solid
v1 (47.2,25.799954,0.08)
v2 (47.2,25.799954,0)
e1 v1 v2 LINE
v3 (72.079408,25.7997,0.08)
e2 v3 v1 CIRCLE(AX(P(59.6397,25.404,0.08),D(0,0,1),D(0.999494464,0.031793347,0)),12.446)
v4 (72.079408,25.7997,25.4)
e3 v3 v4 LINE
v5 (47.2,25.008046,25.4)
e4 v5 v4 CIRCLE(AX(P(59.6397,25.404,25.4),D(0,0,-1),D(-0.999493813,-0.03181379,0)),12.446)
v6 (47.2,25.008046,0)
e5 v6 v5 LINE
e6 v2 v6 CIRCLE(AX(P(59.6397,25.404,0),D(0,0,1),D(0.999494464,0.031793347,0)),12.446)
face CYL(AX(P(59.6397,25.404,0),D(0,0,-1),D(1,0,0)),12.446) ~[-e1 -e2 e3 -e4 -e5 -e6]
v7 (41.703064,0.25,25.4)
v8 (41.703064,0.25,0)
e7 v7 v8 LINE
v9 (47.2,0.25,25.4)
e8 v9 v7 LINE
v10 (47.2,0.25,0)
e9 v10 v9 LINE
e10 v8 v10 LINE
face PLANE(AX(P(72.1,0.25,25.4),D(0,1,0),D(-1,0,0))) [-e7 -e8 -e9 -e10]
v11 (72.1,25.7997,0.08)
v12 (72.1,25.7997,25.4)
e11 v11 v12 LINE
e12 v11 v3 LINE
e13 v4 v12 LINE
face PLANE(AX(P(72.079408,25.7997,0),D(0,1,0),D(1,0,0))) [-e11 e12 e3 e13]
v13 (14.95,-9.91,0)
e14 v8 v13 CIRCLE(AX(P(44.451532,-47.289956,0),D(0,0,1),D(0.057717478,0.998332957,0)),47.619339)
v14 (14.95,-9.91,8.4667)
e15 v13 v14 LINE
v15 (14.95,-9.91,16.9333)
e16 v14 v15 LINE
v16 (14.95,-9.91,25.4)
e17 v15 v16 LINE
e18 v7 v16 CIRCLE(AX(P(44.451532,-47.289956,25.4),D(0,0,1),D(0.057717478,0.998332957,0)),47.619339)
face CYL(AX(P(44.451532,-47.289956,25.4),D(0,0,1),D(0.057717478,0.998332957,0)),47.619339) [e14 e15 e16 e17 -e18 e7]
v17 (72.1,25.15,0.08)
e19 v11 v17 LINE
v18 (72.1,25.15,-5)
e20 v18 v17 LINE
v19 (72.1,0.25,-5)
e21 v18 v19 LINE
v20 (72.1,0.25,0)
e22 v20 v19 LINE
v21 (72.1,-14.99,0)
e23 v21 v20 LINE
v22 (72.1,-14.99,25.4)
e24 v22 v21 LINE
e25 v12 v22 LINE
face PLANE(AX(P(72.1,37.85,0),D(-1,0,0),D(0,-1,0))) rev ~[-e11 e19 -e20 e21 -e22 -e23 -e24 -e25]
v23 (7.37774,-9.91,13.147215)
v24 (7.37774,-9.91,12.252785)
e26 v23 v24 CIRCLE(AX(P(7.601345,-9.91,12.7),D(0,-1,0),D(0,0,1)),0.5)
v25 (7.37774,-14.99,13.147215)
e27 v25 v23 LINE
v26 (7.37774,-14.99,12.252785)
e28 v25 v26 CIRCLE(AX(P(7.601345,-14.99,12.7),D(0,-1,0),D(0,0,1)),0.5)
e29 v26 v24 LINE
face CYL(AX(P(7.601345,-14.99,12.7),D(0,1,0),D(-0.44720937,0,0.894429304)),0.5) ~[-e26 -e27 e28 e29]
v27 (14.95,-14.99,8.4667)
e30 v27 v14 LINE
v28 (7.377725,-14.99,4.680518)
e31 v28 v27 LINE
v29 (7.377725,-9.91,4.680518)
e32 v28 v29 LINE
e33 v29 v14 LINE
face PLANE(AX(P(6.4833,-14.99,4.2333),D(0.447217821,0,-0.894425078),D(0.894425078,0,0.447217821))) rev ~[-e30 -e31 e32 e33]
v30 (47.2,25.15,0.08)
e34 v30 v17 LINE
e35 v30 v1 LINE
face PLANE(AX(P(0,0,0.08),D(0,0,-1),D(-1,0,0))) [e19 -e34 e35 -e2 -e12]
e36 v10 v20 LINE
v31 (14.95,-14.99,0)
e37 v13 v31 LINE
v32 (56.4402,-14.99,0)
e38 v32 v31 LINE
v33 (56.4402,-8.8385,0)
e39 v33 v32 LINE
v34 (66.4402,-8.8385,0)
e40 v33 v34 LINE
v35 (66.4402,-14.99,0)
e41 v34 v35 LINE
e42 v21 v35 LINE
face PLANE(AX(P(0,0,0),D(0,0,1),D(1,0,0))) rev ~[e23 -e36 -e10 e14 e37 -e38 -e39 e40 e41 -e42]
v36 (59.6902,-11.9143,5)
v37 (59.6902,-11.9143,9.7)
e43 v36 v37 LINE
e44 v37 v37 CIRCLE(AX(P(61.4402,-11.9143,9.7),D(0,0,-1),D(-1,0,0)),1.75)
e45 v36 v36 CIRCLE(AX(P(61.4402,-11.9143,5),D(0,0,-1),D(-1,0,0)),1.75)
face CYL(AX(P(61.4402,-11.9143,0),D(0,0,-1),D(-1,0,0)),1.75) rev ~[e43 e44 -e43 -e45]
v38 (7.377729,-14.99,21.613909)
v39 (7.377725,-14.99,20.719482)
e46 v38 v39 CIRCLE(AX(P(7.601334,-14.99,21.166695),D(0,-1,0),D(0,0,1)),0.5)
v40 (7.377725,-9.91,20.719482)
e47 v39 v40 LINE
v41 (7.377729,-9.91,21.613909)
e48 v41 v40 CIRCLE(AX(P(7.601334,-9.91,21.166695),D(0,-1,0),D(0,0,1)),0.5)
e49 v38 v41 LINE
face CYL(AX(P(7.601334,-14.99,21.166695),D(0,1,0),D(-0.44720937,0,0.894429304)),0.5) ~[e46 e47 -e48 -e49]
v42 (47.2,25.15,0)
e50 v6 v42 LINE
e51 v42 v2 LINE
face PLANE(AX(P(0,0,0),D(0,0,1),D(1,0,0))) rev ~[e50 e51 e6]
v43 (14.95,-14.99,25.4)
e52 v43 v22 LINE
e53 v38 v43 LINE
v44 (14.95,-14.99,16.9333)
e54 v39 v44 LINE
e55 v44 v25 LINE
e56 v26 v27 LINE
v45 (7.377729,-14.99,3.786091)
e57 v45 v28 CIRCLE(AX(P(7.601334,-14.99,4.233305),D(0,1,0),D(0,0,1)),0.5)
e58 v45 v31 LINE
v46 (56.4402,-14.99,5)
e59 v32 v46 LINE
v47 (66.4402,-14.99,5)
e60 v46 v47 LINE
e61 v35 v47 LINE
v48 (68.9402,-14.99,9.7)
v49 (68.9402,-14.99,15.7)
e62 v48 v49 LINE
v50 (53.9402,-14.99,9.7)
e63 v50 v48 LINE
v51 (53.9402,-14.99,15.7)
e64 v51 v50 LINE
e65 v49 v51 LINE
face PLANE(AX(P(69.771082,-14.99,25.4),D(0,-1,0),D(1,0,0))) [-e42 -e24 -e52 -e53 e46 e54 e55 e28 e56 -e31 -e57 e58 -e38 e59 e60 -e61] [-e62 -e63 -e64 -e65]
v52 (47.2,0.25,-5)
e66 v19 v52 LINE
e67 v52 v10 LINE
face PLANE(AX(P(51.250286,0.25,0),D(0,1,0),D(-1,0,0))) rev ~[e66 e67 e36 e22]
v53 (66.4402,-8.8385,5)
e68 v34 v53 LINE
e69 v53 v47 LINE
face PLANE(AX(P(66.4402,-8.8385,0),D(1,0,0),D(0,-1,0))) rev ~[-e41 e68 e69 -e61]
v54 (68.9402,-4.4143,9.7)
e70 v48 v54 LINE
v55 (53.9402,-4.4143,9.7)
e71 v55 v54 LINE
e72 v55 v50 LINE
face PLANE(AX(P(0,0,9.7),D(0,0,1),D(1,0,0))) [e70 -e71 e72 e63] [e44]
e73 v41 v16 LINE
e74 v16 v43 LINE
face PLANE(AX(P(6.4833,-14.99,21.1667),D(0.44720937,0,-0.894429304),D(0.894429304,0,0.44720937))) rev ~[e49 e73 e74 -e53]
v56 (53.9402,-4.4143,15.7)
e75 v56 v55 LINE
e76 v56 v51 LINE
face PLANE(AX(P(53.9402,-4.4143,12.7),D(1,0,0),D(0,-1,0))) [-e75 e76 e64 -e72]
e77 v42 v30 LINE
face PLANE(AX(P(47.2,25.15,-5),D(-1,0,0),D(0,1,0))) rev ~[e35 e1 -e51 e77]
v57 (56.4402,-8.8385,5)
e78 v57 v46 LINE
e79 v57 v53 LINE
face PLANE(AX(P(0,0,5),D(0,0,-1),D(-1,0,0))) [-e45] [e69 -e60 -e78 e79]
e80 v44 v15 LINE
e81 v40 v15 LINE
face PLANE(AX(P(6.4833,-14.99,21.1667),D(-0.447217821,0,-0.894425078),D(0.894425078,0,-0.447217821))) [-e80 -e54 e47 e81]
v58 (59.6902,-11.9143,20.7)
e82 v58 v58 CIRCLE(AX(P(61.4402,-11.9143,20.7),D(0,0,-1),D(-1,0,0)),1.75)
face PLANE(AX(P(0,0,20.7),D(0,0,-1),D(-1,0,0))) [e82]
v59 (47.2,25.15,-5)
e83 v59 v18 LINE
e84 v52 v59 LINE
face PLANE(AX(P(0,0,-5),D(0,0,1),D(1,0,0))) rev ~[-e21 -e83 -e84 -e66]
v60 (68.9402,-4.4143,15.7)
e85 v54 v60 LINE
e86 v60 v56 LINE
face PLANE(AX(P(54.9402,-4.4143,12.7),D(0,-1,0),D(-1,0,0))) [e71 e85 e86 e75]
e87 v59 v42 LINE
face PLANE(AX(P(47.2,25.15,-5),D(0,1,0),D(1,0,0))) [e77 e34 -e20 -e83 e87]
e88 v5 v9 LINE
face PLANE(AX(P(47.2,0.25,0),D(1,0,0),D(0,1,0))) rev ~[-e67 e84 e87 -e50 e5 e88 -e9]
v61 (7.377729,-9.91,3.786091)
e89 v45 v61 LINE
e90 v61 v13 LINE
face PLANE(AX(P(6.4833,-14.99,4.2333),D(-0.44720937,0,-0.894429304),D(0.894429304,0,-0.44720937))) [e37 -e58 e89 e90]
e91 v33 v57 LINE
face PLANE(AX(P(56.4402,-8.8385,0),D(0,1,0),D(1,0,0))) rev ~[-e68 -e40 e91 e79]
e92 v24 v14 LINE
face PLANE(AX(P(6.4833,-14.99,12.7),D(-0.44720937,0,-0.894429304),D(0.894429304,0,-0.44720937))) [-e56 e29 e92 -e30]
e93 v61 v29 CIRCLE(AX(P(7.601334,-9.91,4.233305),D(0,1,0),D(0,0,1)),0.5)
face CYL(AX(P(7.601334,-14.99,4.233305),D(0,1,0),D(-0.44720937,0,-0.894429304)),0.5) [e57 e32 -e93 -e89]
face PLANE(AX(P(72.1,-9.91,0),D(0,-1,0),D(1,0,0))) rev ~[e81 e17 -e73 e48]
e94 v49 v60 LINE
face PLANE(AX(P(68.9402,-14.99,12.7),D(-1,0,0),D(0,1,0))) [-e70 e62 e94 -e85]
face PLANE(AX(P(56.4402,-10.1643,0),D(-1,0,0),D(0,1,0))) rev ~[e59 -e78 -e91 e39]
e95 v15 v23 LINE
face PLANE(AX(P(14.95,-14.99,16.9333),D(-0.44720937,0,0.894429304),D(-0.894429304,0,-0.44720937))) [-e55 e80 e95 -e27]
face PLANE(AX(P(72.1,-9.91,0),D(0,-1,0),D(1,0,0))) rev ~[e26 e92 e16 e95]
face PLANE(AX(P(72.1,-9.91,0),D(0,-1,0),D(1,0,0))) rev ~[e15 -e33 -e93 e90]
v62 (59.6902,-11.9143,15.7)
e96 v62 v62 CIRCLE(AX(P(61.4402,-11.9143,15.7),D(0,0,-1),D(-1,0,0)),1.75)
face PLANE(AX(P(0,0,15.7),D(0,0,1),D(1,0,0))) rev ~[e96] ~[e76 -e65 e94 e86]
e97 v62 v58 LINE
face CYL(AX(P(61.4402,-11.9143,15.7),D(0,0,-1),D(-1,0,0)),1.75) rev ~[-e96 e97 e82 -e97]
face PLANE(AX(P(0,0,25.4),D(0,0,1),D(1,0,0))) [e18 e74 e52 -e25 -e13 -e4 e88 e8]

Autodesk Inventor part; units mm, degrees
ref_plane "YZ Plane" through (0, 0, 0) normal (1, 0, 0) x (0, 1, 0)
ref_plane "XZ Plane" through (0, 0, 0) normal (0, 1, 0) x (-1, 0, 0)
sketch "Sketch1" plane through (0, 0, 0) normal (0, 0, 1) x (1, 0, 0)
  line L0 (46.95, 0) -> (46.95, 38.1) projected
  line L1 (46.95, 38.1) -> (59.65, 38.1) projected
  line L2 (59.65, 38.1) -> (72.35, 38.1) projected
  line L3 (72.35, 38.1) -> (72.35, 0) projected
  circle A0 centre (61.35, -6.35) radius 12.065 projected
  line L4 (46.95, 38.1) -> (47.2, 38.1)
  line L5 (47.2, 38.1) -> (47.2, 37.85)
  line L6 (72.35, 0) -> (72.1, 0)
  line L7 (72.1, 0) -> (72.1, 0.25)
  line L8 (72.1, 0.25) -> (47.2, 0.25)
  line L9 (47.2, 0.25) -> (47.2, 37.85)
  line L10 (47.2, 37.85) -> (72.1, 37.85)
  line L11 (72.1, 37.85) -> (72.1, 0.25)
  point P0 (0, 0)
  dimension "d0" = 0.25
  dimension "d1" = 0.25
  dimension "d2" = 0.25
  dimension "d3" = 0.25
extrude "Extrusion1" add sketch "Sketch1" against normal blind 5 contours L10 L11 L8 A0 L9 | A0 L8 picked at (62.9802, 2.7077)
sketch "Sketch2" plane through (0, 0, 0) normal (0, 0, 1) x (1, 0, 0)
  line L0 (47.2, 37.85) -> (72.1, 37.85) projected
  line L1 (47.2, 37.85) -> (47.2, 12.958)
  line L2 (72.1, 37.85) -> (72.1, 0.25) projected
  circle A0 centre (59.6397, 25.404) radius 12.446
  line L3 (47.2, 0.25) -> (47.2, 37.85) projected
  line L4 (47.2, 25.7997) -> (72.1, 25.7997)
  line L5 (72.1, 25.7997) -> (72.1, 0.25)
  line L6 (72.1, 0.25) -> (47.2, 0.25)
  line L7 (47.2, 0.25) -> (47.2, 25.7997)
  point P0 (0, 0)
  dimension "d6" = 24.892
extrude "Extrusion2" add sketch "Sketch2" along normal blind 25.4 contours A0 L4 | L4 A0 L1 | L1 A0 | L4 L2 L6 L3 L1 A0
sketch "Sketch3" plane through (0, 0, 25.4) normal (0, 0, 1) x (1, 0, 0)
  circle A0 centre (61.35, -6.35) radius 12.065 projected
  circle A1 centre (61.35, -6.35) radius 6.35 projected
  line L0 (72.1, 37.85) -> (72.1, 0.25) projected
  line L1 (72.1, 0.25) -> (14.95, 0.25)
  line L2 (14.95, 0.25) -> (14.95, -14.99)
  line L3 (14.95, -14.99) -> (72.1, -14.99)
  line L4 (72.1, -14.99) -> (72.1, 0.25)
  line L5 (14.95, 0.25) -> (72.1, 0.25)
  line L6 (72.1, 0.25) -> (72.1, 10.41)
  point P0 (0, 0)
  dimension "d9" = 15.24
  dimension "d10" = 57.15
extrude "Extrusion3" add sketch "Sketch3" against normal blind 25.4 contours L4 A0 L3 L1 | A0 L1 L4 | L4 L3 A0 | A0 L3 L2 L1 | A1
sketch "Sketch5" plane through (72.1, -14.99, 0) normal (0, -1, 0) x (1, 0, 0)
  line L0 (-57.15, 25.4) -> (-57.15, 0) projected
  line L1 (-65.6167, 4.2333) -> (-57.15, 0)
  line L2 (-65.6167, 4.2333) -> (-57.15, 8.4667)
  line L3 (-65.6167, 21.1667) -> (-57.15, 25.4)
  line L4 (-65.6167, 21.1667) -> (-57.15, 16.9333)
  line L5 (-57.15, 16.9333) -> (-65.6167, 12.7)
  line L6 (-65.6167, 12.7) -> (-57.15, 8.4667)
  line L7 (0, 25.4) -> (0, 0) projected
  line L8 (-57.15, 25.4) -> (0, 25.4)
  line L9 (0, 25.4) -> (0, 0)
  line L10 (0, 0) -> (-57.15, 0)
  line L11 (0, 0) -> (-57.15, 0) projected
  line L12 (-57.15, 0) -> (-65.6167, 4.2333)
  line L13 (-65.6167, 4.2333) -> (-57.15, 8.4667)
  line L14 (-57.15, 8.4667) -> (-65.6167, 12.7)
  line L15 (-65.6167, 12.7) -> (-57.15, 16.9333)
  line L16 (-57.15, 16.9333) -> (-65.6167, 21.1667)
  line L17 (-65.6167, 21.1667) -> (-57.15, 25.4)
  point P0 (-72.1, 0)
  dimension "d16" = 8.4667
extrude "Extrusion5" add sketch "Sketch5" against normal blind 5.08
sketch "Sketch6" plane through (0, 0, 25.4) normal (0, 0, 1) x (1, 0, 0)
  line L0 (14.95, 0.25) -> (14.95, -9.91) projected
  line L1 (14.95, -9.91) -> (14.95, 0.25)
  line L2 (14.95, 0.25) -> (47.2, 0.25)
  arc A0 (47.2, 0.25) -> (14.95, -9.91) centre (44.4515, -47.2897) ccw
  point P0 (0, 0)
  point P1 (41.7029, 0.25)
extrude "Extrusion6" cut sketch "Sketch6" against normal blind 2540 contours L2 A0 L0
ref_plane "Work Plane1" through (0, 0, 12.7) normal (0, 0, 1) x (1, 0, 0)
sketch "Sketch7" plane through (0, 0, 12.7) normal (0, 0, 1) x (1, 0, 0)
  circle A0 centre (61.4402, -11.9143) radius 6.5 projected
  line L0 (61.4402, -5.4143) -> (61.4402, -4.4143)
  line L1 (61.4402, -4.4143) -> (54.9402, -4.4143)
  line L2 (54.9402, -4.4143) -> (53.9402, -4.4143)
  line L3 (53.9402, -4.4143) -> (53.9402, -14.99)
  line L4 (14.95, -14.99) -> (72.1, -14.99) projected
  line L5 (53.9402, -14.99) -> (67.9402, -14.99)
  line L6 (67.9402, -14.99) -> (68.9402, -14.99)
  line L7 (68.9402, -14.99) -> (68.9402, -4.4143)
  line L8 (68.9402, -4.4143) -> (53.9402, -4.4143)
  line L9 (53.9402, -4.4143) -> (68.9402, -4.4143)
  line L10 (68.9402, -4.4143) -> (68.9402, -14.99)
  line L11 (68.9402, -14.99) -> (53.9402, -14.99)
  line L12 (53.9402, -14.99) -> (53.9402, -4.4143)
  point P0 (0, 0)
  dimension "d27" = 1
  dimension "d28" = 1
  dimension "d29" = 1
extrude "Extrusion7" cut sketch "Sketch7" along normal mid plane 6 contours A0 L4 | A0 L0 L8 L7 L4 | A0 L4 L3 L2 L1 L0 picked at (61.4402, -11.7981)
sketch "Sketch8" plane through (0, 0, 0) normal (0, 0, -1) x (-1, 0, 0)
  circle A0 centre (-61.4402, -11.9143) radius 2 projected
  circle A1 centre (-61.4402, -11.9143) radius 1.75
  point P0 (0, 0)
  dimension "d34" = 3.5
extrude "Extrusion8" cut sketch "Sketch8" against normal blind 12.7 contours A1
sketch "Sketch9" plane through (0, 0, 0) normal (0, 0, -1) x (-1, 0, 0)
  line L0 (-53.9402, -14.99) -> (-68.9402, -14.99) projected
  line L1 (-61.4402, -14.99) -> (-66.4402, -14.99)
  line L2 (-61.4402, -14.99) -> (-56.4402, -14.99)
  line L3 (-56.4402, -14.99) -> (-56.4402, -10.1643)
  circle A0 centre (-61.4402, -11.9143) radius 1.75 projected
  line L4 (-56.4402, -11.9143) -> (-56.4402, -8.8385)
  line L5 (-56.4402, -8.8385) -> (-66.4402, -8.8385)
  line L6 (-66.4402, -8.8385) -> (-66.4402, -14.99)
  point P0 (0, 0)
  dimension "d35" = 5
  dimension "d36" = 5
  dimension "d37" = 3.0757
  dimension "d38" = 3.0757
extrude "Extrusion9" cut sketch "Sketch9" against normal blind 5
sketch "Sketch10" plane through (0, 0, 15.7) normal (0, 0, -1) x (-1, 0, 0)
  circle A0 centre (-61.4402, -11.9143) radius 2 projected
  circle A1 centre (-61.4402, -11.9143) radius 1.75 projected
  point P0 (0, 0)
extrude "Extrusion10" cut sketch "Sketch10" against normal blind 5 contours A1
fillet "Fillet1" radius 0.5 3 edges at (6.4833, -12.45, 4.2333) (6.4833, -12.45, 12.7) (6.4833, -12.45, 21.1667)
sketch "Sketch11" plane through (0, 0, -5) normal (0, 0, -1) x (-1, 0, 0)
  line L0 (-72.1, 37.85) -> (-72.1, 0.25) projected
  line L1 (-47.2, 0.25) -> (-47.2, 37.85) projected
  line L2 (-72.1, 37.85) -> (-47.2, 37.85)
  line L3 (-47.2, 37.85) -> (-47.2, 25.15)
  line L4 (-47.2, 25.15) -> (-72.1, 25.15)
  line L5 (-72.1, 25.15) -> (-72.1, 37.85)
  point P0 (0, 0)
  dimension "d44" = 12.7
extrude "Extrusion11" cut sketch "Sketch11" against normal blind 5.08
equation "\"d38\" = d37"
properties part number "Leg"
